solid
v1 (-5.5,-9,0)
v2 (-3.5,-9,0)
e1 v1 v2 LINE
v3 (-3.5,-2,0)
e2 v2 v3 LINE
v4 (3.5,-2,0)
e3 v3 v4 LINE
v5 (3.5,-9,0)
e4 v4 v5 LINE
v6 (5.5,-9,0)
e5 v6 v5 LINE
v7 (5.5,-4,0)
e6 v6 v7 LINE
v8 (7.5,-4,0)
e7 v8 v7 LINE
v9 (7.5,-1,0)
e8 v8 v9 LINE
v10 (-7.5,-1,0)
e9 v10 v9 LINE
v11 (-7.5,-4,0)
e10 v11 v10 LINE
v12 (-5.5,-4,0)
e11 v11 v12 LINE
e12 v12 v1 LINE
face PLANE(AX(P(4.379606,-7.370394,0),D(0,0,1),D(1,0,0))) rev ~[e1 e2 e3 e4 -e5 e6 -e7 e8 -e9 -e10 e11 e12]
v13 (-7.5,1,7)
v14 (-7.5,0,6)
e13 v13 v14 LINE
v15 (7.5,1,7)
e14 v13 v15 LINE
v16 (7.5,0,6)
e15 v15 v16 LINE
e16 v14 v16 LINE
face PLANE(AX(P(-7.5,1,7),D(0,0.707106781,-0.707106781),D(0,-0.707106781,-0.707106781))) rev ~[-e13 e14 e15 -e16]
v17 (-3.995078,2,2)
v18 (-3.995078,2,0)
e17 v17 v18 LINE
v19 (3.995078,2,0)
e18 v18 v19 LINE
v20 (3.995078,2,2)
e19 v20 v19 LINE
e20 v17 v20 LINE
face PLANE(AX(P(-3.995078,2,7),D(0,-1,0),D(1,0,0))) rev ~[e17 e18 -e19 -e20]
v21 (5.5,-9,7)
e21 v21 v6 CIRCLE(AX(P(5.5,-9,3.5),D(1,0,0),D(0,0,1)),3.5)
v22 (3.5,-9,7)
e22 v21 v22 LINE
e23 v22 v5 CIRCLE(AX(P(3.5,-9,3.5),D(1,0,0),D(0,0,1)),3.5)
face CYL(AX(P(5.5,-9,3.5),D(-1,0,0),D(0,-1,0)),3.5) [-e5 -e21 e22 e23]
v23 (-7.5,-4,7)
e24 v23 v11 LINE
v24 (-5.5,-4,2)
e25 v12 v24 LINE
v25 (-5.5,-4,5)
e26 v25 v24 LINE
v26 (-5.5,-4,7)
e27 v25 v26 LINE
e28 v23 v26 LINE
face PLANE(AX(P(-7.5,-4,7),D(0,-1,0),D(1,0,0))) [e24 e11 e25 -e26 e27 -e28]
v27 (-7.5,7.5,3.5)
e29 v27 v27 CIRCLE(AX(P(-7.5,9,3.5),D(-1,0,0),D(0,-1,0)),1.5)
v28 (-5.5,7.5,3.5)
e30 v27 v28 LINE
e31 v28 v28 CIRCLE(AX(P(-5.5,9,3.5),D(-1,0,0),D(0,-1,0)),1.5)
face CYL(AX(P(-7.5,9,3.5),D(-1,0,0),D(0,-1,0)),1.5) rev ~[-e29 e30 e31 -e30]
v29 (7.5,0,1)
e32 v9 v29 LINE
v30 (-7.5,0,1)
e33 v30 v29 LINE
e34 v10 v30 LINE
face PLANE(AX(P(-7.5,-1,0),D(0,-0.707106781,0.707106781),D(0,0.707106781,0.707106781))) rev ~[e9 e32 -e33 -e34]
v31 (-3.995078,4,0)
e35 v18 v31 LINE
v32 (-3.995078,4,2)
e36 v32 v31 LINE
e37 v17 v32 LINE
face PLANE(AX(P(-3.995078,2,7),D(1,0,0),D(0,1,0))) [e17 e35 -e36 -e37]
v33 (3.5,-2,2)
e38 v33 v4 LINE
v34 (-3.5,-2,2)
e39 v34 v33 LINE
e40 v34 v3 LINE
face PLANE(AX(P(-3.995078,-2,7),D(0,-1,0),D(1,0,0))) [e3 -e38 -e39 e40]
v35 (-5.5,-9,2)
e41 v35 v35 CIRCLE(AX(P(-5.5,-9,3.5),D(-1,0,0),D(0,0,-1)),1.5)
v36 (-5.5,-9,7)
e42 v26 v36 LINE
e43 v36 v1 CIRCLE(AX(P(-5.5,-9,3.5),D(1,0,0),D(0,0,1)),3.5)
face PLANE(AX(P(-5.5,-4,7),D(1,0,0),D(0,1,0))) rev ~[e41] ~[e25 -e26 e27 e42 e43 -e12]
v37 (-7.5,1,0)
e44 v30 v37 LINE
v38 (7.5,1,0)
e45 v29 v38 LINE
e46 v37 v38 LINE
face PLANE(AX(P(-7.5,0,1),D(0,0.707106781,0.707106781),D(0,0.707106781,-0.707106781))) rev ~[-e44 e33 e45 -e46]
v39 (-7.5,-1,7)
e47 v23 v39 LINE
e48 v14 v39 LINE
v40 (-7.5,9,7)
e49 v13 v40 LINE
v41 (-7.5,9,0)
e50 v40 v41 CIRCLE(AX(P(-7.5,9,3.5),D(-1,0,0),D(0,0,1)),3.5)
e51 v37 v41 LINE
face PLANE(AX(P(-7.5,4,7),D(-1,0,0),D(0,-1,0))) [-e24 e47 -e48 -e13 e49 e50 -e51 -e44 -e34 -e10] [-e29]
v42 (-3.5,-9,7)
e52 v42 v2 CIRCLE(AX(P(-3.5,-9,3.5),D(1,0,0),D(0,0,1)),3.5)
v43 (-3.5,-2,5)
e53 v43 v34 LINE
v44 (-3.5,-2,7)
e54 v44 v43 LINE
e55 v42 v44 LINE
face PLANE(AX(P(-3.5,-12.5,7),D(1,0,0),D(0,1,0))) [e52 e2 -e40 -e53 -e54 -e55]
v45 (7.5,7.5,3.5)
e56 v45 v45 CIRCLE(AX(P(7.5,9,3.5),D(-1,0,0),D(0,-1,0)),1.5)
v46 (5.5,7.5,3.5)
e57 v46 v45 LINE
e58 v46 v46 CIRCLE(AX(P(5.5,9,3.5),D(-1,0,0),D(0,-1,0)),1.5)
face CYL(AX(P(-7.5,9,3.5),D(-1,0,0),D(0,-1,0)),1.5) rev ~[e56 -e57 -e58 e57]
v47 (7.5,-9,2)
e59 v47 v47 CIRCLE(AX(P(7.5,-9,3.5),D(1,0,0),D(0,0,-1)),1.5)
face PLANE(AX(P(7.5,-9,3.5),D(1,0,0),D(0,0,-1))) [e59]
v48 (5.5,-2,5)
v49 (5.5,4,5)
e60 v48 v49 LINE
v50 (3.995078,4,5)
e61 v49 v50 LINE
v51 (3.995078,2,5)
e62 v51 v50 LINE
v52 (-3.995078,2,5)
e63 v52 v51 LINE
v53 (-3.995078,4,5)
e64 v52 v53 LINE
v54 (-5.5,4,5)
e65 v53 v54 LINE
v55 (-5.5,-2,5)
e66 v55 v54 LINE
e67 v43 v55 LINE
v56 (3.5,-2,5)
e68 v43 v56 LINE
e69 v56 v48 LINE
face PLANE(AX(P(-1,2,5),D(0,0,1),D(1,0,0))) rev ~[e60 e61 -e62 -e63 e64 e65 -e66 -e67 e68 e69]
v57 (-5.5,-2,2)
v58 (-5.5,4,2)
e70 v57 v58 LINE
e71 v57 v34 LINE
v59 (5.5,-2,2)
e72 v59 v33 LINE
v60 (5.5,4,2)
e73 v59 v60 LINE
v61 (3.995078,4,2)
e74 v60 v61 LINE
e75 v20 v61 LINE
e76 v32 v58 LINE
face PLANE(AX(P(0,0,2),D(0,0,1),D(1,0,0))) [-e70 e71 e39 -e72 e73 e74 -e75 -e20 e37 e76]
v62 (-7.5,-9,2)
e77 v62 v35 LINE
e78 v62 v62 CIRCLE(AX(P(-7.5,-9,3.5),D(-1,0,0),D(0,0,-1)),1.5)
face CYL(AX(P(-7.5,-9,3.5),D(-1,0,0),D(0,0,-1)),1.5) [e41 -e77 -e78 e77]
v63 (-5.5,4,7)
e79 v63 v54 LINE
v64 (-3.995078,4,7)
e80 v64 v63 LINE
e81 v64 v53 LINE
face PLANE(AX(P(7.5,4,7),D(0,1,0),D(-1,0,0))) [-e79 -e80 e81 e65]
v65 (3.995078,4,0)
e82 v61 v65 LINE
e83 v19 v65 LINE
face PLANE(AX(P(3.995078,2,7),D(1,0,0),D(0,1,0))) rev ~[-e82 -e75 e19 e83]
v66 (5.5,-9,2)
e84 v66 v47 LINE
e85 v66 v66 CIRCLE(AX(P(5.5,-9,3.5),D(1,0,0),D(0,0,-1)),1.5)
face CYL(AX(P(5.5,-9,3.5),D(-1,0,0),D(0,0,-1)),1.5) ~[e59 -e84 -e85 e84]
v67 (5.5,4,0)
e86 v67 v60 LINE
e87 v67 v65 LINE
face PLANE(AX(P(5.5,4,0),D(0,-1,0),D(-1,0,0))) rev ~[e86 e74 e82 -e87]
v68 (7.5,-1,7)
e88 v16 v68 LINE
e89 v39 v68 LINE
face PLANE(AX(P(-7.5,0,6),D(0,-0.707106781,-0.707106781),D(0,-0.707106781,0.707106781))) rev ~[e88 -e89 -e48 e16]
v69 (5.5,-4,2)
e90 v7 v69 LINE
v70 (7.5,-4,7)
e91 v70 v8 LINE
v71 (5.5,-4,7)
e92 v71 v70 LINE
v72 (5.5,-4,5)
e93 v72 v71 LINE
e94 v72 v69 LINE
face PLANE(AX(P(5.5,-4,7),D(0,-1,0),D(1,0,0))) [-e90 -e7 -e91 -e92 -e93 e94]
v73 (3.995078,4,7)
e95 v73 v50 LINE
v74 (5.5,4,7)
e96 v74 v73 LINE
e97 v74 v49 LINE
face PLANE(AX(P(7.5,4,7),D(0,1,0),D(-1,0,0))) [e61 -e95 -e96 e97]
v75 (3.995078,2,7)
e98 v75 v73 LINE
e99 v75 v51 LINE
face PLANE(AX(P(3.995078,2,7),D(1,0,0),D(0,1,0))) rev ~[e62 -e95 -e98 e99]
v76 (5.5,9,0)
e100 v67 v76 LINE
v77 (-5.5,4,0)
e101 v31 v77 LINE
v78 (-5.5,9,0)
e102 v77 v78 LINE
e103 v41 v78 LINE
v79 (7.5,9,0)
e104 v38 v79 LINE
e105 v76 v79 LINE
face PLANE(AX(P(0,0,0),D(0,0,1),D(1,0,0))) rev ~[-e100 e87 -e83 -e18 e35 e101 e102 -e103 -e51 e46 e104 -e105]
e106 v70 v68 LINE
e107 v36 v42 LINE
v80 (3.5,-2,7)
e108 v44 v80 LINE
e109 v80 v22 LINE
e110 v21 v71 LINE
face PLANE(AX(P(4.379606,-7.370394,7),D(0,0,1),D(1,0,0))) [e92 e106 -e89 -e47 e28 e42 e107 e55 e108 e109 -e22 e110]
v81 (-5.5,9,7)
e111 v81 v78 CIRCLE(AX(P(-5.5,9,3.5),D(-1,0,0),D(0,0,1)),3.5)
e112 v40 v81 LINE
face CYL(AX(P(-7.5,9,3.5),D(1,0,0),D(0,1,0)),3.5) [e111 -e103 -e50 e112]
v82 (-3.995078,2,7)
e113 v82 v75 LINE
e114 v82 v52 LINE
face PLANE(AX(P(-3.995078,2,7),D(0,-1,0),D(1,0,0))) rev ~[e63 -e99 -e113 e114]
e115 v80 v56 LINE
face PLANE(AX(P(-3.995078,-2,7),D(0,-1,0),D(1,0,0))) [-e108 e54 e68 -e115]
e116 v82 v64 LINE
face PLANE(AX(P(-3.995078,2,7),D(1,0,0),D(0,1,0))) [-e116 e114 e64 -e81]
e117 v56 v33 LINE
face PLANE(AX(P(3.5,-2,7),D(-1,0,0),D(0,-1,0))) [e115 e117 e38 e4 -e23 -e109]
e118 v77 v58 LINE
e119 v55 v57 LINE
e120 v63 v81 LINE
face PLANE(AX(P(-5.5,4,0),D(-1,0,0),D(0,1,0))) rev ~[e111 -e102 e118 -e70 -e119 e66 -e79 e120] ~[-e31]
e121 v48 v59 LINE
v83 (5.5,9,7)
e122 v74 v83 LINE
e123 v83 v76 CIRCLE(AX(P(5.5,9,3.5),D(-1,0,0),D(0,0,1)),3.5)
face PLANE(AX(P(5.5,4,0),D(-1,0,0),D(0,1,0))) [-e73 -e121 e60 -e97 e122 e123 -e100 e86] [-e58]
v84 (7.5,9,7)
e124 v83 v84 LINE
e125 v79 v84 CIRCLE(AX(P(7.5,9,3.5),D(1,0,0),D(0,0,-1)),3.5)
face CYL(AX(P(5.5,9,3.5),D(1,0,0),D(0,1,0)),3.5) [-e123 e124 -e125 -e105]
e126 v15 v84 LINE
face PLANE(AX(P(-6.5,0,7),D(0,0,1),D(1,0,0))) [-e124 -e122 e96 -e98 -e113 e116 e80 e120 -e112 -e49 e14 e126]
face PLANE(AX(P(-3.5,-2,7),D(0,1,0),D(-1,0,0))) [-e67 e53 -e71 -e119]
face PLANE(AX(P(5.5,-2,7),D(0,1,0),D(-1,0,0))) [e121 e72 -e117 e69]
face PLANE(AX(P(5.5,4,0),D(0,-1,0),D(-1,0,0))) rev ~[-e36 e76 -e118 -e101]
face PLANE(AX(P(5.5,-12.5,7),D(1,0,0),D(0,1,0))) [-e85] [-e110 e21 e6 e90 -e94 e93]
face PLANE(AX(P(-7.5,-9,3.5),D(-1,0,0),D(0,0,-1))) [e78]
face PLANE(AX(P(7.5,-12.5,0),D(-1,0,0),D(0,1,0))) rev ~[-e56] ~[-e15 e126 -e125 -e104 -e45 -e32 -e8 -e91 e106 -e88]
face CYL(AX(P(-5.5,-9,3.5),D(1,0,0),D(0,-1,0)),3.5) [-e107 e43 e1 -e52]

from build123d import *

# Parameters (mm, degrees)
SKETCH_1_W          = 15
SKETCH_1_H          = 25
EXTRUDE_1_DEPTH     = 2
SKETCH_2_W          = 2
SKETCH_2_H          = 25
EXTRUDE_2_DEPTH     = 5
SKETCH_4_W          = 13
SKETCH_4_H          = 4
SKETCH_4_W_2        = 2
EXTRUDE_3_DEPTH     = 2
SKETCH_5_W          = 11
SKETCH_5_H          = 8.5
CUT_EXTRUDE_1_DEPTH = 2
SKETCH_6_W          = 7.990156946
SKETCH_6_H          = 2
CUT_EXTRUDE_2_DEPTH = 17.170961629
CUT_EXTRUDE_3_DEPTH = 21.742468513
FILLET_1_RADIUS     = 3.5
FILLET_1_LENGTH     = 2
FILLET_2_RADIUS     = 3.5
FILLET_2_LENGTH     = 2
SKETCH_9_R          = 1.5
CUT_EXTRUDE_4_DEPTH = 21.742468513
SKETCH_13_W         = 2
SKETCH_13_H         = 8.5
CUT_EXTRUDE_7_DEPTH = 7
SKETCH_14_W         = 1.504921527
SKETCH_14_H         = 2
EXTRUDE_8_DEPTH     = 7
FILLET_3_RADIUS     = 3.5
FILLET_3_LENGTH     = 2
FILLET_4_RADIUS     = 3.5
FILLET_4_LENGTH     = 2
SKETCH_15_R         = 1.5
EXTRUDE_9_DEPTH     = 2
EXTRUDE_START       = 2
SKETCH_16_R         = 1.5
EXTRUDE_10_DEPTH    = 2


with BuildPart() as part:
    # Эскиз1 → Бобышка-Вытянуть1 (new body)
    with BuildSketch(Plane.XY):
        Rectangle(SKETCH_1_W, SKETCH_1_H)
    extrude(amount=EXTRUDE_1_DEPTH)

    # Эскиз2 → Бобышка-Вытянуть2 (add)
    with BuildSketch(Plane.XY.offset(2)):
        with Locations((-6.5, 0)):
            Rectangle(SKETCH_2_W, SKETCH_2_H)
        with Locations((6.5, 0)):
            Rectangle(SKETCH_2_W, SKETCH_2_H)
    extrude(amount=EXTRUDE_2_DEPTH)

    # Эскиз4 → Бобышка-Вытянуть3 (add)
    with BuildSketch(Plane.XY.offset(7)):
        with Locations((-1, 2)):
            Rectangle(SKETCH_4_W, SKETCH_4_H)
        with Locations((-1, -2)):
            Rectangle(SKETCH_4_W, SKETCH_4_H)
        with Locations((6.5, -2)):
            Rectangle(SKETCH_4_W_2, SKETCH_4_H)
        with Locations((6.5, 2)):
            Rectangle(SKETCH_4_W_2, SKETCH_4_H)
    extrude(amount=-EXTRUDE_3_DEPTH)

    # Эскиз5 → Вырез-Вытянуть1 (cut)
    with BuildSketch(Plane(origin=(0, 0, 0), x_dir=(-1, 0, 0), z_dir=(0, 0, -1))):
        with Locations((0, 8.25)):
            Rectangle(SKETCH_5_W, SKETCH_5_H)
        with Locations((0, -8.25)):
            Rectangle(SKETCH_5_W, SKETCH_5_H)
    extrude(amount=-CUT_EXTRUDE_1_DEPTH, mode=Mode.SUBTRACT)

    # Эскиз6 → Вырез-Вытянуть2 (cut, through all)
    with BuildSketch(Plane.XY.offset(7)):
        with Locations((0, 3)):
            Rectangle(SKETCH_6_W, SKETCH_6_H)
        with Locations((0, -3)):
            Rectangle(SKETCH_6_W, SKETCH_6_H)
    extrude(amount=-CUT_EXTRUDE_2_DEPTH, mode=Mode.SUBTRACT)

    # Эскиз8 → Вырез-Вытянуть3 (cut, through all)
    with BuildSketch(Plane.ZY.offset(7.5)):
        Polygon((7, -1), (7, 0), (6, 0), align=None)
        Polygon((6, 0), (7, 0), (7, 1), align=None)
        Polygon((0, -1), (1, 0), (0, 0), align=None)
        Polygon((0, 0), (1, 0), (0, 1), align=None)
    extrude(amount=-CUT_EXTRUDE_3_DEPTH, mode=Mode.SUBTRACT)

    # Скругление1: full round fillet: the end face becomes a half cylinder, R = half its width
    fillet_1_face = Plane((-6.5, 12.5, 3.5), x_dir=(1, 0, 0), z_dir=(0, 1, 0))  # on the end face: x along it, z out of the body
    fillet_1_slab = fillet_1_face.offset(-FILLET_1_RADIUS / 2) * Box(FILLET_1_LENGTH, 2 * FILLET_1_RADIUS, FILLET_1_RADIUS, mode=Mode.PRIVATE)  # the body's end, R deep
    fillet_1_round = Plane((-6.5, 9, 3.5), x_dir=(0, 1, 0), z_dir=(1, 0, 0)) * Cylinder(FILLET_1_RADIUS, FILLET_1_LENGTH, mode=Mode.PRIVATE)  # its axis R under the face
    add(fillet_1_slab - fillet_1_round, mode=Mode.SUBTRACT)

    # Скругление2: full round fillet: the end face becomes a half cylinder, R = half its width
    fillet_2_face = Plane((6.5, 12.5, 3.5), x_dir=(1, 0, 0), z_dir=(0, 1, 0))  # on the end face: x along it, z out of the body
    fillet_2_slab = fillet_2_face.offset(-FILLET_2_RADIUS / 2) * Box(FILLET_2_LENGTH, 2 * FILLET_2_RADIUS, FILLET_2_RADIUS, mode=Mode.PRIVATE)  # the body's end, R deep
    fillet_2_round = Plane((6.5, 9, 3.5), x_dir=(0, 1, 0), z_dir=(1, 0, 0)) * Cylinder(FILLET_2_RADIUS, FILLET_2_LENGTH, mode=Mode.PRIVATE)  # its axis R under the face
    add(fillet_2_slab - fillet_2_round, mode=Mode.SUBTRACT)

    # Эскиз9 → Вырез-Вытянуть4 (cut, through all)
    with BuildSketch(Plane.ZY.offset(7.5)):
        with Locations(Location((3.5, 9, 0), (0, 0, 270))):
            Circle(SKETCH_9_R)
    extrude(amount=-CUT_EXTRUDE_4_DEPTH, mode=Mode.SUBTRACT)

    # Эскиз13 → Вырез-Вытянуть7 (cut)
    with BuildSketch(Plane.XY.offset(7)):
        with Locations((6.5, -8.25)):
            Rectangle(SKETCH_13_W, SKETCH_13_H)
        with Locations((-6.5, -8.25)):
            Rectangle(SKETCH_13_W, SKETCH_13_H)
    extrude(amount=-CUT_EXTRUDE_7_DEPTH, mode=Mode.SUBTRACT)

    # Эскиз14 → Бобышка-Вытянуть8 (add)
    with BuildSketch(Plane.XY.offset(7)):
        Polygon((5.5, -12.5), (5.5, -4), (3.995078473, -4), (3.995078473, -2), (3.5, -2), (3.5, -12.5), align=None)
        with Locations((4.747539236, -3)):
            Rectangle(SKETCH_14_W, SKETCH_14_H)
        Polygon((-3.5, -12.5), (-3.5, -2), (-3.995078473, -2), (-3.995078473, -4), (-5.5, -4), (-5.5, -12.5), align=None)
        with Locations((-4.747539236, -3)):
            Rectangle(SKETCH_14_W, SKETCH_14_H)
    extrude(amount=-EXTRUDE_8_DEPTH)

    # Скругление3: full round fillet: the end face becomes a half cylinder, R = half its width
    fillet_3_face = Plane((-4.5, -12.5, 3.5), x_dir=(1, 0, 0), z_dir=(0, -1, 0))  # on the end face: x along it, z out of the body
    fillet_3_slab = fillet_3_face.offset(-FILLET_3_RADIUS / 2) * Box(FILLET_3_LENGTH, 2 * FILLET_3_RADIUS, FILLET_3_RADIUS, mode=Mode.PRIVATE)  # the body's end, R deep
    fillet_3_round = Plane((-4.5, -9, 3.5), x_dir=(0, -1, 0), z_dir=(1, 0, 0)) * Cylinder(FILLET_3_RADIUS, FILLET_3_LENGTH, mode=Mode.PRIVATE)  # its axis R under the face
    add(fillet_3_slab - fillet_3_round, mode=Mode.SUBTRACT)

    # Скругление4: full round fillet: the end face becomes a half cylinder, R = half its width
    fillet_4_face = Plane((4.5, -12.5, 3.5), x_dir=(-1, 0, 0), z_dir=(0, -1, 0))  # on the end face: x along it, z out of the body
    fillet_4_slab = fillet_4_face.offset(-FILLET_4_RADIUS / 2) * Box(FILLET_4_LENGTH, 2 * FILLET_4_RADIUS, FILLET_4_RADIUS, mode=Mode.PRIVATE)  # the body's end, R deep
    fillet_4_round = Plane((4.5, -9, 3.5), x_dir=(0, -1, 0), z_dir=(-1, 0, 0)) * Cylinder(FILLET_4_RADIUS, FILLET_4_LENGTH, mode=Mode.PRIVATE)  # its axis R under the face
    add(fillet_4_slab - fillet_4_round, mode=Mode.SUBTRACT)

    # Эскиз15 → Бобышка-Вытянуть9 (add)
    with BuildSketch(Plane(origin=(5.5, 0, 0), x_dir=(0, 0, -1), z_dir=(1, 0, 0))):
        with Locations((-3.5, -9)):
            Circle(SKETCH_15_R)
    extrude(amount=EXTRUDE_9_DEPTH)

    # Эскиз16 → Бобышка-Вытянуть10 (add)
    with BuildSketch(Plane.ZY.offset(5.5).offset(EXTRUDE_START)):
        with Locations(Location((3.5, -9, 0), (0, 0, 180))):
            Circle(SKETCH_16_R)
    extrude(amount=-EXTRUDE_10_DEPTH)


solid = part.part
